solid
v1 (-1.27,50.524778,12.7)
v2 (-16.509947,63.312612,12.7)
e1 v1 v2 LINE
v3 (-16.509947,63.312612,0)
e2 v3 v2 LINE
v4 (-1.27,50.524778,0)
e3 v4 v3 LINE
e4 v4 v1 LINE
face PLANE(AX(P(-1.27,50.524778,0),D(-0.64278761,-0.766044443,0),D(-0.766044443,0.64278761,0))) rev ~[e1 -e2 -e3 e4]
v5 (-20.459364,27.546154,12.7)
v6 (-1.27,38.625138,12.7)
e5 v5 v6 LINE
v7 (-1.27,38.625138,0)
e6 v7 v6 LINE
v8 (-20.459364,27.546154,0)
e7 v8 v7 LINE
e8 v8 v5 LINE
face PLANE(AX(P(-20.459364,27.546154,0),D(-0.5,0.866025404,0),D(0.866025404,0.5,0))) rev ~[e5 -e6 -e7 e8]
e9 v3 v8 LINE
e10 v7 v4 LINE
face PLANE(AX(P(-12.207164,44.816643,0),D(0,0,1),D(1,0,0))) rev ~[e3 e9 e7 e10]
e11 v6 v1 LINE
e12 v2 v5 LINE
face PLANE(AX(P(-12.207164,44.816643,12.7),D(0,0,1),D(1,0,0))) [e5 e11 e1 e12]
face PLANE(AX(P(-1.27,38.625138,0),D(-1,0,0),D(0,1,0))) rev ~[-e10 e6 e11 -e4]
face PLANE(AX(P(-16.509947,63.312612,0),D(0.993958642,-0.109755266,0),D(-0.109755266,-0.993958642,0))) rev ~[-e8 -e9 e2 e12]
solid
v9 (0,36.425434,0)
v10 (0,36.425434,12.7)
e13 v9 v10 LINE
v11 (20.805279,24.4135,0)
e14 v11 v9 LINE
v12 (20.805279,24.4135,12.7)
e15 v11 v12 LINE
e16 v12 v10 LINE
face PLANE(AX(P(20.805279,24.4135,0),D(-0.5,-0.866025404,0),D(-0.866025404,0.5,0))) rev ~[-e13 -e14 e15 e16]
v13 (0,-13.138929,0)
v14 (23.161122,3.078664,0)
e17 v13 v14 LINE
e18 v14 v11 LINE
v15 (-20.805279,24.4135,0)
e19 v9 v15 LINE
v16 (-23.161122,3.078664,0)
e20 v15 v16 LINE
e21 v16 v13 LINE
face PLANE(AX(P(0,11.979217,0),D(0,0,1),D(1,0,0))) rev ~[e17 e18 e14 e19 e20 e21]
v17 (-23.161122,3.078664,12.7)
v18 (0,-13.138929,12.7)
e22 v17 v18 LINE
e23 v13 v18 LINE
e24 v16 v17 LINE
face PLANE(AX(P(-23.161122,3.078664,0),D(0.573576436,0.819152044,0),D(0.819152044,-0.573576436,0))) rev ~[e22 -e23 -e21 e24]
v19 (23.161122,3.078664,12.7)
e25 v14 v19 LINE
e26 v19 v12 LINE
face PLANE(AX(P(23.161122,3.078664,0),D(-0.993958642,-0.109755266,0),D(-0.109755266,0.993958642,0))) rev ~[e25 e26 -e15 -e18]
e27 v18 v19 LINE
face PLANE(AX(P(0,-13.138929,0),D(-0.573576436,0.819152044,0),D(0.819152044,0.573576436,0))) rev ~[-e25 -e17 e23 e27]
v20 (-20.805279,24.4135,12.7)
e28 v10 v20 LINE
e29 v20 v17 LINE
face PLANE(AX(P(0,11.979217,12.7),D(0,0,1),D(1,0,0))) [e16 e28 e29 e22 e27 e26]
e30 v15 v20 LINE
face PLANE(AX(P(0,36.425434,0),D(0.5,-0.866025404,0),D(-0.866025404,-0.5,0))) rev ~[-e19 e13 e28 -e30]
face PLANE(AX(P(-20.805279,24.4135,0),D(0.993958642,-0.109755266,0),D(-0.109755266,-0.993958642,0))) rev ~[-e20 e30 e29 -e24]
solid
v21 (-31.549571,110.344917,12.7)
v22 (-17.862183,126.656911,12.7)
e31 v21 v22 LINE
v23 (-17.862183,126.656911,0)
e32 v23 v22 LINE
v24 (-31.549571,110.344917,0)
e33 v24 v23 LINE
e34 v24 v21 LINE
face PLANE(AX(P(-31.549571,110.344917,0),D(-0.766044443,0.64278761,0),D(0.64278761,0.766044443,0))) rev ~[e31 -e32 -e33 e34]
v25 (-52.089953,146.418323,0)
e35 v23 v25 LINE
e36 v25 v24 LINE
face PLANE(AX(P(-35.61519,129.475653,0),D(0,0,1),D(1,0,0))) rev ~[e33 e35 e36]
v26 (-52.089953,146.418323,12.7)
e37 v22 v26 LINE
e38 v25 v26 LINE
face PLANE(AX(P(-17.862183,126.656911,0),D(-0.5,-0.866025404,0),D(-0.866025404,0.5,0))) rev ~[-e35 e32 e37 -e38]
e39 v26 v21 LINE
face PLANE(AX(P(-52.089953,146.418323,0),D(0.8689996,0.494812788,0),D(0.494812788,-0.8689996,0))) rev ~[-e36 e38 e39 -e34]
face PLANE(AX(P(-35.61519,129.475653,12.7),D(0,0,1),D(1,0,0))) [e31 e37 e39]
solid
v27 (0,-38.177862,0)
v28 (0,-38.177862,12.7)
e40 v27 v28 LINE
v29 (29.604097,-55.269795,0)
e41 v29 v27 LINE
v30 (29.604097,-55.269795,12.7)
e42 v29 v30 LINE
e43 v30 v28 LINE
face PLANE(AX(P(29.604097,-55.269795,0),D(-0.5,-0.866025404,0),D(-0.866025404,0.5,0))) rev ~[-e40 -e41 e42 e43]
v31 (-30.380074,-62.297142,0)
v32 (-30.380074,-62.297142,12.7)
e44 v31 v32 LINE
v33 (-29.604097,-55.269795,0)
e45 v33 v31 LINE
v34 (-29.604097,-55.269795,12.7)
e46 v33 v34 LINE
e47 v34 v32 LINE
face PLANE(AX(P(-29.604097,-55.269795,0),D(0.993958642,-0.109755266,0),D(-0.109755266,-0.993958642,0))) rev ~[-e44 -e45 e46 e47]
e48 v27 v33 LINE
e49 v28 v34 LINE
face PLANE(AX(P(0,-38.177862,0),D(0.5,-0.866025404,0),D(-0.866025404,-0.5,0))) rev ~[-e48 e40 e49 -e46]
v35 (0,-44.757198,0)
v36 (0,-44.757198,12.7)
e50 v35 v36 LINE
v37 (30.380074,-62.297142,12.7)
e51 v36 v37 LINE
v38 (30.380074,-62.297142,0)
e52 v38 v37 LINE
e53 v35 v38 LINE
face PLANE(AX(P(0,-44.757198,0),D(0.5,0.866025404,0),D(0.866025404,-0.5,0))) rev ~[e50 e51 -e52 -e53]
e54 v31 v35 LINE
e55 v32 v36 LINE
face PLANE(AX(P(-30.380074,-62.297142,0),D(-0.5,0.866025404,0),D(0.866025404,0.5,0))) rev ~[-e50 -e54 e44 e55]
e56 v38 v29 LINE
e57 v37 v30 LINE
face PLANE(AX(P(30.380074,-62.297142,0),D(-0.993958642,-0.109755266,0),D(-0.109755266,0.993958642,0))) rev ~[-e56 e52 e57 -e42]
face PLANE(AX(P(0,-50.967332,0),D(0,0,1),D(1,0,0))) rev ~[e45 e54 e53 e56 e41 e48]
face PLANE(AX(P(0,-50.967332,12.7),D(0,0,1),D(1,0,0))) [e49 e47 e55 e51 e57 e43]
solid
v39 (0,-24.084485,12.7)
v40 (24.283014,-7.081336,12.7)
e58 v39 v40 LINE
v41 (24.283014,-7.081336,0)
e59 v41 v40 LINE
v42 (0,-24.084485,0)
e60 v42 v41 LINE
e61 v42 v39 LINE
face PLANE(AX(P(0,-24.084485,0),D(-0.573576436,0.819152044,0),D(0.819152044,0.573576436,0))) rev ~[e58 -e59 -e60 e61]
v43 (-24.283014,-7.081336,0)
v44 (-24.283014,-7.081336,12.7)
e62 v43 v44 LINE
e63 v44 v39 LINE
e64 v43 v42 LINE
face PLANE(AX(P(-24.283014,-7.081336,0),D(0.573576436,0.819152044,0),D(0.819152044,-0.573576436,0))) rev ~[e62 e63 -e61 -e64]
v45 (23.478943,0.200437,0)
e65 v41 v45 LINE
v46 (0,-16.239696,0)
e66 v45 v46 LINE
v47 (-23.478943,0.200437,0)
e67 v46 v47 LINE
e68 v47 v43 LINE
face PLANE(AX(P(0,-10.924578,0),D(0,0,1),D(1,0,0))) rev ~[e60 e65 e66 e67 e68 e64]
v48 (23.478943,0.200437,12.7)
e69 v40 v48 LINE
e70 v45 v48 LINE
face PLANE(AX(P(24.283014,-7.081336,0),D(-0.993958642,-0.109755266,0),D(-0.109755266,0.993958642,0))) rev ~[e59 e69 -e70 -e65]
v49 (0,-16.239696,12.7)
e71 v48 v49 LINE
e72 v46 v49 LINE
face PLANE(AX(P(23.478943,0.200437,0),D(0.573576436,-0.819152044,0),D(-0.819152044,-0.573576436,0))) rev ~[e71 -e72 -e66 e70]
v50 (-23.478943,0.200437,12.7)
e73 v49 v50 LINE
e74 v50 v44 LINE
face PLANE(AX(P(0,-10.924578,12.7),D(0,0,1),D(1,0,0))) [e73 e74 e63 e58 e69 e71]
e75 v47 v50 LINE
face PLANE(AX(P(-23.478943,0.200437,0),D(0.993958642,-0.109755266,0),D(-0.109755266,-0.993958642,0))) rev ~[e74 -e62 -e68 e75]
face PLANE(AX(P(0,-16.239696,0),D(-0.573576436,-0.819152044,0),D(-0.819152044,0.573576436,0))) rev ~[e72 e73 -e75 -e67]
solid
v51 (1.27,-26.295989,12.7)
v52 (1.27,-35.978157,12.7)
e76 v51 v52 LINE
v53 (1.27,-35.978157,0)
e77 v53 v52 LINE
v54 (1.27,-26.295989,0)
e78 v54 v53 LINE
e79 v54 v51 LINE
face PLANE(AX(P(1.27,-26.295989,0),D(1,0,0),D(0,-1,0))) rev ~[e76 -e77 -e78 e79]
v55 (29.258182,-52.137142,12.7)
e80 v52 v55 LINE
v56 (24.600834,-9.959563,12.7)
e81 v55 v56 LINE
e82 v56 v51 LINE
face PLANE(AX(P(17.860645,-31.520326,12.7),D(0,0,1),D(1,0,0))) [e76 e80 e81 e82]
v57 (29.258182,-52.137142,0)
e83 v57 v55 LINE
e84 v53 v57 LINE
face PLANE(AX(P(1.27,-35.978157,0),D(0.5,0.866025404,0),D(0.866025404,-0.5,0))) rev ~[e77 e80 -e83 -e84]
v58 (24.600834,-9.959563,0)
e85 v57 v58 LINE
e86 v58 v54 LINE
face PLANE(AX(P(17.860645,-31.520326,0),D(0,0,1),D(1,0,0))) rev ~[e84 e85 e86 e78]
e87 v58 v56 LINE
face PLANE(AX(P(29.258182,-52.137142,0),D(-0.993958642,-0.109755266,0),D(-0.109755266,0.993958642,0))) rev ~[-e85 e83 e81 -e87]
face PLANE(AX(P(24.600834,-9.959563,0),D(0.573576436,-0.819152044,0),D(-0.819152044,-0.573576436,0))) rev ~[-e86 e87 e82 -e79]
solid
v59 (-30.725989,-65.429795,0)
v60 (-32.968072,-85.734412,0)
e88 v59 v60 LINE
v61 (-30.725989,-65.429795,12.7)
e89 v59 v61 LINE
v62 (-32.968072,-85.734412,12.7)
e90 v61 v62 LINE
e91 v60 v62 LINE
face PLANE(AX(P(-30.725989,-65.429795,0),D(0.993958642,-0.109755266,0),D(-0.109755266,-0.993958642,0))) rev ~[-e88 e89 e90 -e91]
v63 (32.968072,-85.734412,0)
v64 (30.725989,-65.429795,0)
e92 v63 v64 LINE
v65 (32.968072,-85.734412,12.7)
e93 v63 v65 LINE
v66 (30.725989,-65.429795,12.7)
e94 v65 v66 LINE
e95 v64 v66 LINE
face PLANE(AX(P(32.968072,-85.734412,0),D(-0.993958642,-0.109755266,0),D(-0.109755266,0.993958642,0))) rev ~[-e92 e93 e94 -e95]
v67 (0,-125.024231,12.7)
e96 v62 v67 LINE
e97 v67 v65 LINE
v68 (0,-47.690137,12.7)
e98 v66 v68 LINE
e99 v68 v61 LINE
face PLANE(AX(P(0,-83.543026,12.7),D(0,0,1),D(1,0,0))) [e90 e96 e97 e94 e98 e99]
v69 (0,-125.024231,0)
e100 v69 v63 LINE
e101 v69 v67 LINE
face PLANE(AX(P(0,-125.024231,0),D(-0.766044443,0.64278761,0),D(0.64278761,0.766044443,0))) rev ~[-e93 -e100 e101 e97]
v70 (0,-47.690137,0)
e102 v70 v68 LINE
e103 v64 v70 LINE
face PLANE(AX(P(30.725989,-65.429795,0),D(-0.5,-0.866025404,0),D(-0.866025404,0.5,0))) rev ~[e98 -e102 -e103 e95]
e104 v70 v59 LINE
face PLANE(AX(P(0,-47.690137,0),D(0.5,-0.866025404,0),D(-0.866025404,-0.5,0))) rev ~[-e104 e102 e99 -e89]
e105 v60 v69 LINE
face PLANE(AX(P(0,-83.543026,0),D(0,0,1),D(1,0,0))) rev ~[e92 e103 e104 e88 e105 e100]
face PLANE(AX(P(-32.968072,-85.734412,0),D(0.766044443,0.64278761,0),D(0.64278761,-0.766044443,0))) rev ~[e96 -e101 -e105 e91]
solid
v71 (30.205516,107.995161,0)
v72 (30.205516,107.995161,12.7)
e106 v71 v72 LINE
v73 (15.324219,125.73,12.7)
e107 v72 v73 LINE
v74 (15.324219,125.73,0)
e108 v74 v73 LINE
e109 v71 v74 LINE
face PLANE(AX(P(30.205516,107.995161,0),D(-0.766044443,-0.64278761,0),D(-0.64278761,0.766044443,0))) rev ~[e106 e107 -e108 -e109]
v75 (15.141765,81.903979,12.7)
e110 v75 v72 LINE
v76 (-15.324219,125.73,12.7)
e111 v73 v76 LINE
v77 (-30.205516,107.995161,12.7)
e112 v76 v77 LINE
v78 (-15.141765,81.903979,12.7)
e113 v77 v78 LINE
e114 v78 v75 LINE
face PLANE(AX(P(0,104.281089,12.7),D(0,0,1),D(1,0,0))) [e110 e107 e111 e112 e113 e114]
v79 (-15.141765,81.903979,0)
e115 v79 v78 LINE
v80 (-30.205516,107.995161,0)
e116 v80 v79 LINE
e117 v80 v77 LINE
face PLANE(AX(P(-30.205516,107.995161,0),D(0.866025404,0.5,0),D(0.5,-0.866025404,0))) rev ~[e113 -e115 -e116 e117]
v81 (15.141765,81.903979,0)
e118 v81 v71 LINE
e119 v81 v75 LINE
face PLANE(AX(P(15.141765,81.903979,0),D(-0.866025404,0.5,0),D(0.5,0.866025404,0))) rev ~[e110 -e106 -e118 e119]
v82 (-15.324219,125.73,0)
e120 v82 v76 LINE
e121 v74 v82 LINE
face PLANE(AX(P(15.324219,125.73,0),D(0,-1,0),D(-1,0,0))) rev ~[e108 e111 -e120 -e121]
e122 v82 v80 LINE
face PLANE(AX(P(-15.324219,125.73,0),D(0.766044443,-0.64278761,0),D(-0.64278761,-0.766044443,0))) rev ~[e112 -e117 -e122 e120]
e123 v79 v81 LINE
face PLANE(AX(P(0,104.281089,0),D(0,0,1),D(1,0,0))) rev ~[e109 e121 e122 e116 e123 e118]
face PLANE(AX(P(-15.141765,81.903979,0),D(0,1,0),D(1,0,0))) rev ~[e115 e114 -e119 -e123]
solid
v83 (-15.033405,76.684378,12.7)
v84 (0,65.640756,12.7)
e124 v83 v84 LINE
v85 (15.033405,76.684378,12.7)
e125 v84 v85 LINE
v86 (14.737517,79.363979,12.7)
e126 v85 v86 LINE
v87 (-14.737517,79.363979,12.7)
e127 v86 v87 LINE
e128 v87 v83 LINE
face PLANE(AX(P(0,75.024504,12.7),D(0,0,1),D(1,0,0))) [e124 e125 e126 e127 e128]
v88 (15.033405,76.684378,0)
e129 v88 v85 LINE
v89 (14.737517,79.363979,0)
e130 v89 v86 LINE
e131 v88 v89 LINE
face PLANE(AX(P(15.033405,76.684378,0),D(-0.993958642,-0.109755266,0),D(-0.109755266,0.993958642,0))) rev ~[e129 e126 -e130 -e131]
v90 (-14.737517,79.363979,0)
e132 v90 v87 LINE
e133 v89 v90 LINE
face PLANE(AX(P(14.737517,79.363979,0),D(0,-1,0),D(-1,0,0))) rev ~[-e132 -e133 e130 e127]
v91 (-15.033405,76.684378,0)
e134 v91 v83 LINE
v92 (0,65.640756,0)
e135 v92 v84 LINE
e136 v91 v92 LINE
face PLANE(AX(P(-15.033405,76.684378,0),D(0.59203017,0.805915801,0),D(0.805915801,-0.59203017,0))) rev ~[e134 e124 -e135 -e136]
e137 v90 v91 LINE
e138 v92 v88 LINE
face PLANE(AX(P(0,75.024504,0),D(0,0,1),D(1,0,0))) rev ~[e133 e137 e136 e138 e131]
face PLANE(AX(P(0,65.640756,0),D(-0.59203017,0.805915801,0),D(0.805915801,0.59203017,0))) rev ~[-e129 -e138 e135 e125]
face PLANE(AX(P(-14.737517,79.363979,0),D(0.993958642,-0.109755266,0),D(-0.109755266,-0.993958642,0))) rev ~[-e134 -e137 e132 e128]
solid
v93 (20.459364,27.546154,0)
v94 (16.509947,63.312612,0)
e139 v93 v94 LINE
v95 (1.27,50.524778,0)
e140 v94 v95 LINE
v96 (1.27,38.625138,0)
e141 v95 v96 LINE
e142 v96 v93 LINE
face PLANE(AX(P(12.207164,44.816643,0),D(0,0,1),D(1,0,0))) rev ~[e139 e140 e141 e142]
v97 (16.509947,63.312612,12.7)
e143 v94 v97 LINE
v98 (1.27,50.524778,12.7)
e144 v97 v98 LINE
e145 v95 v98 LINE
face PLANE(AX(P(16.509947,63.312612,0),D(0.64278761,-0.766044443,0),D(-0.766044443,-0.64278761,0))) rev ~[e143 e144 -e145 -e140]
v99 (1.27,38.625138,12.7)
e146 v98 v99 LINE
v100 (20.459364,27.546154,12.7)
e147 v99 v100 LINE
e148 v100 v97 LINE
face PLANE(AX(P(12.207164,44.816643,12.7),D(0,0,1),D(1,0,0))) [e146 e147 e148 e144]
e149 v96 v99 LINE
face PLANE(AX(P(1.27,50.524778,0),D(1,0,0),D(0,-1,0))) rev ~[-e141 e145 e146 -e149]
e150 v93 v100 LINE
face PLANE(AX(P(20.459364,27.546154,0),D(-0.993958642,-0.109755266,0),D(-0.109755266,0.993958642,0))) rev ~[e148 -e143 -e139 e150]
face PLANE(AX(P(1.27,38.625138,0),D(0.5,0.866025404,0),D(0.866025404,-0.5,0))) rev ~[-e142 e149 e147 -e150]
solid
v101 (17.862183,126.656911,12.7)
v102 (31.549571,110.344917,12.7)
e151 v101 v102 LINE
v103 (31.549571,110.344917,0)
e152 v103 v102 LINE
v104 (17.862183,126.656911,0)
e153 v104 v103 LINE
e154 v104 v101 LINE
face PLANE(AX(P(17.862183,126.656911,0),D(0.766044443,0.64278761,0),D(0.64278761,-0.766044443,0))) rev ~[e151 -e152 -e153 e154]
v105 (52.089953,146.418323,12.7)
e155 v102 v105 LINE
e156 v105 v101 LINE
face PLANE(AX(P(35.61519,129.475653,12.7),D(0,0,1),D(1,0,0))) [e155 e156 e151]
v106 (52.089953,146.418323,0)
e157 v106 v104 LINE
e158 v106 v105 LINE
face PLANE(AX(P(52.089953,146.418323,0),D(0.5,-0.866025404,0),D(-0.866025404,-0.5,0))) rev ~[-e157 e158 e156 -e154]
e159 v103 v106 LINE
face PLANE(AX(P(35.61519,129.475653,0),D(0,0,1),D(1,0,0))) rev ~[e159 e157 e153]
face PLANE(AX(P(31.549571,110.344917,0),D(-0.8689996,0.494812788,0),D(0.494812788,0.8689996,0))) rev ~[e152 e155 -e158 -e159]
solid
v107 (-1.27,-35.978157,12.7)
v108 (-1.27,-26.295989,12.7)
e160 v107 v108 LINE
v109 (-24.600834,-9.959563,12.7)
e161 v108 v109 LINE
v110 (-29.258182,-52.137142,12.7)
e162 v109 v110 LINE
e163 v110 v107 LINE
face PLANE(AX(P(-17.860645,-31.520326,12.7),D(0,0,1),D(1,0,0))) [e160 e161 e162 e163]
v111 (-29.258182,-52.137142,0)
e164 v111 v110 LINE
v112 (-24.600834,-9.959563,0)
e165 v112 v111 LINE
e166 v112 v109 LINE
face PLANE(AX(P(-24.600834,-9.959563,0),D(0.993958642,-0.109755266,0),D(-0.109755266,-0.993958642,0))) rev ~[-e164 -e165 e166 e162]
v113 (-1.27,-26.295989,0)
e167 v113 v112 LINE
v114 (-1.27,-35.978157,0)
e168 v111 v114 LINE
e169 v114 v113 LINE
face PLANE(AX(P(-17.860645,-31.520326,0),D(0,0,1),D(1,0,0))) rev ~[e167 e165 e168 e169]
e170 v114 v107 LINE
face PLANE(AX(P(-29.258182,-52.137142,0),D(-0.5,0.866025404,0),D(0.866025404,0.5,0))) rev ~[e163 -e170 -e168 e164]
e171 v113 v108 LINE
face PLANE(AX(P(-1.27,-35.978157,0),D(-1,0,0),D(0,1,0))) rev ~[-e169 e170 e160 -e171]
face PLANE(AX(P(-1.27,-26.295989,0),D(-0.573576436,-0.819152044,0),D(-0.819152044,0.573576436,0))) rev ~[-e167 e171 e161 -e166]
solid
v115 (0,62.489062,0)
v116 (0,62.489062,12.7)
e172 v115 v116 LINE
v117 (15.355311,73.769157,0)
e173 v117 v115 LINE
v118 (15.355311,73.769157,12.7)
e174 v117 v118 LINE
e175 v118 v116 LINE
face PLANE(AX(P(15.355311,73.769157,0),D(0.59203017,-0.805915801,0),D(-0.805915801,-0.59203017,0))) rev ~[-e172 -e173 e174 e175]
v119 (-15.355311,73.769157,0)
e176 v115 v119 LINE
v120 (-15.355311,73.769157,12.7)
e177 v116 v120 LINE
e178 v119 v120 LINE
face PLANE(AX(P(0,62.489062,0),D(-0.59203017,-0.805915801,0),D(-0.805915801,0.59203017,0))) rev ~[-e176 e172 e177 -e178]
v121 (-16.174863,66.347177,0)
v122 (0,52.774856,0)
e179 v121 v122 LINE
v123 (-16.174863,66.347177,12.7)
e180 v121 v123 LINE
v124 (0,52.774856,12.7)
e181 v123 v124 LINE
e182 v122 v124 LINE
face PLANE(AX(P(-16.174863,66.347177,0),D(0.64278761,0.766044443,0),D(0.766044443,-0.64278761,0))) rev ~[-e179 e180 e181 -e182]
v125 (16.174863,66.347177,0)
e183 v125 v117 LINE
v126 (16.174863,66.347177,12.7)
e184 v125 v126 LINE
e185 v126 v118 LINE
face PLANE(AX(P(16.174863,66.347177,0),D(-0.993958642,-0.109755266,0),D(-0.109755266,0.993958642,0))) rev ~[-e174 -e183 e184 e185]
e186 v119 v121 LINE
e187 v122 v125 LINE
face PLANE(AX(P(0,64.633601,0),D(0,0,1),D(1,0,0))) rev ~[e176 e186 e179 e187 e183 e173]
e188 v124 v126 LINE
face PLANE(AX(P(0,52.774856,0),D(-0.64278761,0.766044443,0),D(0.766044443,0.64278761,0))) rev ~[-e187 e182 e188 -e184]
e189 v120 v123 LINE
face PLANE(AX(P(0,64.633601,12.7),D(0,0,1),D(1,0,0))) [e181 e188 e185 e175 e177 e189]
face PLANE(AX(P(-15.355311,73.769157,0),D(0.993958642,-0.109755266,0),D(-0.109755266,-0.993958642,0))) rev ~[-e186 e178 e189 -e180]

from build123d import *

# Parameters (mm, degrees)
BOSS_EXTRUDE1_DEPTH    = 12.7
BOSS_EXTRUDE1_2_DEPTH  = 12.7
BOSS_EXTRUDE1_3_DEPTH  = 12.7
BOSS_EXTRUDE1_4_DEPTH  = 12.7
BOSS_EXTRUDE1_5_DEPTH  = 12.7
BOSS_EXTRUDE1_6_DEPTH  = 12.7
BOSS_EXTRUDE1_7_DEPTH  = 12.7
BOSS_EXTRUDE1_8_DEPTH  = 12.7
BOSS_EXTRUDE1_9_DEPTH  = 12.7
BOSS_EXTRUDE1_10_DEPTH = 12.7
BOSS_EXTRUDE1_11_DEPTH = 12.7
BOSS_EXTRUDE1_12_DEPTH = 12.7
BOSS_EXTRUDE1_13_DEPTH = 12.7


with BuildPart() as part:
    # Offset_Pieces → Boss-Extrude1 (new body)
    with BuildSketch(Plane.XY):
        Polygon((-52.089952502, 146.418323379), (-31.549571397, 110.344916612), (-17.862182697, 126.656911268), align=None)
    extrude(amount=BOSS_EXTRUDE1_DEPTH)


with BuildPart() as body_2:
    # Offset_Pieces → Boss-Extrude1 2 (new body)
    with BuildSketch(Plane.XY):
        Polygon((15.033405216, 76.684377521), (14.737517247, 79.363979274), (-14.737517247, 79.363979274), (-15.033405216, 76.684377521), (0, 65.640755559), align=None)
    extrude(amount=BOSS_EXTRUDE1_2_DEPTH)


with BuildPart() as body_3:
    # Offset_Pieces → Boss-Extrude1 3 (new body)
    with BuildSketch(Plane.XY):
        Polygon((-15.141765158, 81.903979274), (15.141765158, 81.903979274), (30.20551595, 107.995160999), (15.324219086, 125.73), (-15.324219086, 125.73), (-30.20551595, 107.995160999), align=None)
    extrude(amount=BOSS_EXTRUDE1_3_DEPTH)


with BuildPart() as body_4:
    # Offset_Pieces → Boss-Extrude1 4 (new body)
    with BuildSketch(Plane.XY):
        Polygon((31.549571397, 110.344916612), (52.089952502, 146.418323379), (17.862182697, 126.656911268), align=None)
    extrude(amount=BOSS_EXTRUDE1_4_DEPTH)


with BuildPart() as body_5:
    # Offset_Pieces → Boss-Extrude1 5 (new body)
    with BuildSketch(Plane.XY):
        Polygon((15.355310757, 73.769157091), (0, 62.489061552), (-15.355310757, 73.769157091), (-16.174863317, 66.347177466), (0, 52.774855623), (16.174863317, 66.347177466), align=None)
    extrude(amount=BOSS_EXTRUDE1_5_DEPTH)


with BuildPart() as body_6:
    # Offset_Pieces → Boss-Extrude1 6 (new body)
    with BuildSketch(Plane.XY):
        Polygon((20.459364211, 27.546153708), (16.509947246, 63.312611753), (1.27, 50.52477764), (1.27, 38.625138301), align=None)
    extrude(amount=BOSS_EXTRUDE1_6_DEPTH)


with BuildPart() as body_7:
    # Offset_Pieces → Boss-Extrude1 7 (new body)
    with BuildSketch(Plane.XY):
        Polygon((-1.27, 50.52477764), (-16.509947246, 63.312611753), (-20.459364211, 27.546153708), (-1.27, 38.625138301), align=None)
    extrude(amount=BOSS_EXTRUDE1_7_DEPTH)


with BuildPart() as body_8:
    # Offset_Pieces → Boss-Extrude1 8 (new body)
    with BuildSketch(Plane.XY):
        Polygon((0, -13.138928754), (23.161122376, 3.078663726), (20.805279226, 24.413500214), (0, 36.425433775), (-20.805279226, 24.413500214), (-23.161122376, 3.078663726), align=None)
    extrude(amount=BOSS_EXTRUDE1_8_DEPTH)


with BuildPart() as body_9:
    # Offset_Pieces → Boss-Extrude1 9 (new body)
    with BuildSketch(Plane.XY):
        Polygon((24.283013627, -7.081336274), (23.478943019, 0.200436681), (0, -16.23969621), (-23.478943019, 0.200436681), (-24.283013627, -7.081336274), (0, -24.084485466), align=None)
    extrude(amount=BOSS_EXTRUDE1_9_DEPTH)


with BuildPart() as body_10:
    # Offset_Pieces → Boss-Extrude1 10 (new body)
    with BuildSketch(Plane.XY):
        Polygon((-24.60083427, -9.959563319), (-29.258182314, -52.137141647), (-1.27, -35.978157054), (-1.27, -26.295989347), align=None)
    extrude(amount=BOSS_EXTRUDE1_10_DEPTH)


with BuildPart() as body_11:
    # Offset_Pieces → Boss-Extrude1 11 (new body)
    with BuildSketch(Plane.XY):
        Polygon((1.27, -26.295989347), (1.27, -35.978157054), (29.258182314, -52.137141647), (24.60083427, -9.959563319), align=None)
    extrude(amount=BOSS_EXTRUDE1_11_DEPTH)


with BuildPart() as body_12:
    # Offset_Pieces → Boss-Extrude1 12 (new body)
    with BuildSketch(Plane.XY):
        Polygon((30.380073565, -62.297141647), (29.604097328, -55.269795142), (0, -38.17786158), (-29.604097328, -55.269795142), (-30.380073565, -62.297141647), (0, -44.757197997), align=None)
    extrude(amount=BOSS_EXTRUDE1_12_DEPTH)


with BuildPart() as body_13:
    # Offset_Pieces → Boss-Extrude1 13 (new body)
    with BuildSketch(Plane.XY):
        Polygon((-30.72598858, -65.429795142), (-32.968072436, -85.734411973), (0, -125.02423074), (32.968072436, -85.734411973), (30.72598858, -65.429795142), (0, -47.690137364), align=None)
    extrude(amount=BOSS_EXTRUDE1_13_DEPTH)


solid = Compound([part.part, body_2.part, body_3.part, body_4.part, body_5.part, body_6.part, body_7.part, body_8.part, body_9.part, body_10.part, body_11.part, body_12.part, body_13.part])
